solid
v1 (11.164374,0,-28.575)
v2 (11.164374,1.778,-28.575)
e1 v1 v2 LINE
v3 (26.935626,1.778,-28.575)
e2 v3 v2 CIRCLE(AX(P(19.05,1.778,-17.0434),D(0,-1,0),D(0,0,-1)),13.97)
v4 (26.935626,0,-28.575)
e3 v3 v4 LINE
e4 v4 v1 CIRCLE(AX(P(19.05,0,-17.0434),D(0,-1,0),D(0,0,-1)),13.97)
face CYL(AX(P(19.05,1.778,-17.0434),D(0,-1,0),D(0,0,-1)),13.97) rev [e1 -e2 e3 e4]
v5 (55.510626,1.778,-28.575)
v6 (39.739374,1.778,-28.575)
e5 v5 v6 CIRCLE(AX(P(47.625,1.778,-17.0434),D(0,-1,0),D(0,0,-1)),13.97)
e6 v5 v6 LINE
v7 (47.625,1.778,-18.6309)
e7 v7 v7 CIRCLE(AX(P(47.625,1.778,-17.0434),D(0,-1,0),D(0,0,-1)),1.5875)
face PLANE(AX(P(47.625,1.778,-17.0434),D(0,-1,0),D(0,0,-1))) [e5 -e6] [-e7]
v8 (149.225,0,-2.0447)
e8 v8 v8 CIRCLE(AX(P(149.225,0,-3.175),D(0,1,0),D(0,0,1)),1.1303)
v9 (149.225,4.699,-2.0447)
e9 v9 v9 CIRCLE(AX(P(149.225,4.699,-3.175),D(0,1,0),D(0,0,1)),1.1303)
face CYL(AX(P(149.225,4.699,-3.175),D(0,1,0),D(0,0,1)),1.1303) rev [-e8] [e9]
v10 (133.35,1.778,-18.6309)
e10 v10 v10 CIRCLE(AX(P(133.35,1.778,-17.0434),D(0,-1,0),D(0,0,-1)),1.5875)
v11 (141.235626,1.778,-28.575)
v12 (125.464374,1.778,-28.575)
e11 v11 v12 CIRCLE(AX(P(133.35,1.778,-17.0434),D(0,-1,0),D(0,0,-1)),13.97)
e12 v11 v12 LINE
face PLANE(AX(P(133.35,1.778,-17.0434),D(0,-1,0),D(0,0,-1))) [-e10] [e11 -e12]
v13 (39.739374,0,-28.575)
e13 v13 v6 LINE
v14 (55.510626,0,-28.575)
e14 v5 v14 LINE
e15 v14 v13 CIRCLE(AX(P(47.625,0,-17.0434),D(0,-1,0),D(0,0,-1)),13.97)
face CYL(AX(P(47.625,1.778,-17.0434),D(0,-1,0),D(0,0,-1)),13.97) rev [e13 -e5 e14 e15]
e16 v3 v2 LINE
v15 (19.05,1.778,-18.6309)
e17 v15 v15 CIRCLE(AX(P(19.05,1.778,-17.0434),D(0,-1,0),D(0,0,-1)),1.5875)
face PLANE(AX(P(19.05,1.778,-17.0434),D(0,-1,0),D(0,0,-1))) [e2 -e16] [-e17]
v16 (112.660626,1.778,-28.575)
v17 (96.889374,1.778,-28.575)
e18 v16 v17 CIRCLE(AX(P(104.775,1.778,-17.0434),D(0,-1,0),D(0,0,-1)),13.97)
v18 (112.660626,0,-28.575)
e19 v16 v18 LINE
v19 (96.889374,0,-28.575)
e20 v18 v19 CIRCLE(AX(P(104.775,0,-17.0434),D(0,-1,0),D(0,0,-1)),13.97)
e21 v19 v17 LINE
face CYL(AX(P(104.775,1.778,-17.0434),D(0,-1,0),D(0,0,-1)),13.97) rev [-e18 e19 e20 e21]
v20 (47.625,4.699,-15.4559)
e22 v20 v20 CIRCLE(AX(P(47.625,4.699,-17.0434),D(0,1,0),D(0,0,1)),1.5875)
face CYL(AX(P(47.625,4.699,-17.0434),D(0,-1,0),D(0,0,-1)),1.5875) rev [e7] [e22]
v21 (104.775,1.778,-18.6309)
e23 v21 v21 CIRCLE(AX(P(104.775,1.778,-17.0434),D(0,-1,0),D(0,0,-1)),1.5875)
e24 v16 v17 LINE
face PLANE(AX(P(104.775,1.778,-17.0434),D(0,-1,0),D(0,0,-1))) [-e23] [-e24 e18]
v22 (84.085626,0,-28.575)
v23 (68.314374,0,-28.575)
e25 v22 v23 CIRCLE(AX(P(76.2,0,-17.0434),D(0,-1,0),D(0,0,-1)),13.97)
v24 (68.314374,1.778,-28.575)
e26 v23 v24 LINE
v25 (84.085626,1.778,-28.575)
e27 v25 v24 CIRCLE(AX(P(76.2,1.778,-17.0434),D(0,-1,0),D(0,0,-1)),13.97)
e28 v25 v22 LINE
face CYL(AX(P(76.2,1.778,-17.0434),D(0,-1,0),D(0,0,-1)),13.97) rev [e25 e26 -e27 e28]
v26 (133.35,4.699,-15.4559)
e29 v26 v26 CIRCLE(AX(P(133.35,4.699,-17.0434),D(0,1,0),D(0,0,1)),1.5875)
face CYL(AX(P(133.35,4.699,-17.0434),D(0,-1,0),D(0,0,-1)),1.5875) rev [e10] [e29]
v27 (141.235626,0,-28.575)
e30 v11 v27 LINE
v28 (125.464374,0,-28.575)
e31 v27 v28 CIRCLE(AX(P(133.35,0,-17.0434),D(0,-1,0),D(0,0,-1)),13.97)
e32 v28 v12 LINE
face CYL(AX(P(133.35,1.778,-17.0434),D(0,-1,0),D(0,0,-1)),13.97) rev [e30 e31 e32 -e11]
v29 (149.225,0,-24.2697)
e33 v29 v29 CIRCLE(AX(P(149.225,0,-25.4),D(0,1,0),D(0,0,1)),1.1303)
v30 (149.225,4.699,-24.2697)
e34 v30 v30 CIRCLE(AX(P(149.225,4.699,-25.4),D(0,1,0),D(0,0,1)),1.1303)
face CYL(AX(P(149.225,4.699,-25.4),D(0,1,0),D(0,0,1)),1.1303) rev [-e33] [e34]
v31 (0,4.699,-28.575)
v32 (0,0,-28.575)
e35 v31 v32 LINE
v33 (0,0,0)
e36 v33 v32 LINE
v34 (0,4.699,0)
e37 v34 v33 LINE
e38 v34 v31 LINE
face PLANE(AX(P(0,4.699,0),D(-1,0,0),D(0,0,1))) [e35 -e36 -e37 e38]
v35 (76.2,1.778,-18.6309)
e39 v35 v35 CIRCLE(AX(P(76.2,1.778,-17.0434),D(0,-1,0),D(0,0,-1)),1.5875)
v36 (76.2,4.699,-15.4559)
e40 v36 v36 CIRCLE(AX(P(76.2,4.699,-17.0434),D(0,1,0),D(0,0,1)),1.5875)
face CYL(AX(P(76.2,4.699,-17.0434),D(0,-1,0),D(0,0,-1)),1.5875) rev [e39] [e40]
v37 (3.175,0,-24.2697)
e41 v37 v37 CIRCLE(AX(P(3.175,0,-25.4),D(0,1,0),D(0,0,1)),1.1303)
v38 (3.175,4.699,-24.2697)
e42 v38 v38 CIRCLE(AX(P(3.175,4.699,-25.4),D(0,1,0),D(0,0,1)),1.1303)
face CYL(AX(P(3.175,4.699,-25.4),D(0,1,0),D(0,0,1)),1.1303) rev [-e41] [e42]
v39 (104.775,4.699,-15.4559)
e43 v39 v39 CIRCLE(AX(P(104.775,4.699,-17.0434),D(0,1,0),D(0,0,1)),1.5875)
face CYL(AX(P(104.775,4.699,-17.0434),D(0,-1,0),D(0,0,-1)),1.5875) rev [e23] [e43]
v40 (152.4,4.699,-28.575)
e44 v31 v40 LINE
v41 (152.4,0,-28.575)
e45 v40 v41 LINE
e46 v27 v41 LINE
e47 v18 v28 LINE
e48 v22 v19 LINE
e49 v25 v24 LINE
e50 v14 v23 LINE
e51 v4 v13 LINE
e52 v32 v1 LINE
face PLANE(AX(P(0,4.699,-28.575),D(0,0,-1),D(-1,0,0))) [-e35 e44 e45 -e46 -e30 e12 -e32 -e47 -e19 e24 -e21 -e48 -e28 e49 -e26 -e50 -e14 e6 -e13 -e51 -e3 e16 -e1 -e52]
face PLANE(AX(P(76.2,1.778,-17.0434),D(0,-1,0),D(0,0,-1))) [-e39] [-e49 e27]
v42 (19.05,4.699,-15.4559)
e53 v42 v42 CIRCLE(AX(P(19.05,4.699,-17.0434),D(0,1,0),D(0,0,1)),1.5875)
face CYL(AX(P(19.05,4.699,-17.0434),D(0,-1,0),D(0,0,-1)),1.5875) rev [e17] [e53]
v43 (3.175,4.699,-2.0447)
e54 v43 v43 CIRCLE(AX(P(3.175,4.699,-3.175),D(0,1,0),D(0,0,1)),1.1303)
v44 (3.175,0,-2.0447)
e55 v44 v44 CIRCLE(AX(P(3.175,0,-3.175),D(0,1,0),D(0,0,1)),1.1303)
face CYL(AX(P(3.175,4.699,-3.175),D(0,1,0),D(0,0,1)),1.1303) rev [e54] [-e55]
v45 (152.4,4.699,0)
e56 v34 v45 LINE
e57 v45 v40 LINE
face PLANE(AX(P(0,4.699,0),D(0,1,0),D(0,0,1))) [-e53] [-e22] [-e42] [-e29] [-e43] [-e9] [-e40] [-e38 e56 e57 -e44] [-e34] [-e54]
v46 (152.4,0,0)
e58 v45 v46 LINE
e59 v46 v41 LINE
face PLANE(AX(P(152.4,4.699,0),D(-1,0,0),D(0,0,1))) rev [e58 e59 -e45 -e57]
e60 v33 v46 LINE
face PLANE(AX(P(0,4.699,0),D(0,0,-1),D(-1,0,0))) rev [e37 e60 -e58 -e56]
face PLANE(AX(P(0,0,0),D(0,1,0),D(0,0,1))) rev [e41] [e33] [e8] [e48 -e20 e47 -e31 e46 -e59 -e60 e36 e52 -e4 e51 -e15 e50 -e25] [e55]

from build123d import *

# Parameters (mm, degrees)
SKETCH1_W             = 152.4
SKETCH1_H             = 28.575
SKETCH1_R             = 1.5875
BOSS_EXTRUDE1_DEPTH   = 4.699
SKETCH2_R             = 13.97
CUT_EXTRUDE1_DEPTH    = 1.778
F_4_40_TAPPED_HOLE1_D = 2.2606


with BuildPart() as part:
    # Sketch1 → Boss-Extrude1 (new body)
    with BuildSketch(Plane(origin=(0, 0, 0), x_dir=(1, 0, 0), z_dir=(0, 1, 0))):
        with Locations((76.2, 14.2875)):
            Rectangle(SKETCH1_W, SKETCH1_H)
        with Locations(Location((19.05, 17.0434, 0), (0, 0, 270))):
            Circle(SKETCH1_R, mode=Mode.SUBTRACT)
        with Locations(Location((47.625, 17.0434, 0), (0, 0, 270))):
            Circle(SKETCH1_R, mode=Mode.SUBTRACT)
        with Locations(Location((76.2, 17.0434, 0), (0, 0, 270))):
            Circle(SKETCH1_R, mode=Mode.SUBTRACT)
        with Locations(Location((104.775, 17.0434, 0), (0, 0, 270))):
            Circle(SKETCH1_R, mode=Mode.SUBTRACT)
        with Locations(Location((133.35, 17.0434, 0), (0, 0, 270))):
            Circle(SKETCH1_R, mode=Mode.SUBTRACT)
    extrude(amount=BOSS_EXTRUDE1_DEPTH)

    # Sketch2 → Cut-Extrude1 (cut)
    with BuildSketch(Plane.XZ):
        with Locations((19.05, -17.0434)):
            Circle(SKETCH2_R)
        with Locations((47.625, -17.0434)):
            Circle(SKETCH2_R)
        with Locations((76.2, -17.0434)):
            Circle(SKETCH2_R)
        with Locations((104.775, -17.0434)):
            Circle(SKETCH2_R)
        with Locations((133.35, -17.0434)):
            Circle(SKETCH2_R)
    extrude(amount=-CUT_EXTRUDE1_DEPTH, mode=Mode.SUBTRACT)

    # #4-40 Tapped Hole1 (through all)
    with Locations(Plane(origin=(0, 4.699, 0), x_dir=(1, 0, 0), z_dir=(0, 1, 0))):
        with Locations((3.175, 25.4), (3.175, 3.175), (149.225, 3.175), (149.225, 25.4)):
            Hole(F_4_40_TAPPED_HOLE1_D / 2)


solid = part.part
